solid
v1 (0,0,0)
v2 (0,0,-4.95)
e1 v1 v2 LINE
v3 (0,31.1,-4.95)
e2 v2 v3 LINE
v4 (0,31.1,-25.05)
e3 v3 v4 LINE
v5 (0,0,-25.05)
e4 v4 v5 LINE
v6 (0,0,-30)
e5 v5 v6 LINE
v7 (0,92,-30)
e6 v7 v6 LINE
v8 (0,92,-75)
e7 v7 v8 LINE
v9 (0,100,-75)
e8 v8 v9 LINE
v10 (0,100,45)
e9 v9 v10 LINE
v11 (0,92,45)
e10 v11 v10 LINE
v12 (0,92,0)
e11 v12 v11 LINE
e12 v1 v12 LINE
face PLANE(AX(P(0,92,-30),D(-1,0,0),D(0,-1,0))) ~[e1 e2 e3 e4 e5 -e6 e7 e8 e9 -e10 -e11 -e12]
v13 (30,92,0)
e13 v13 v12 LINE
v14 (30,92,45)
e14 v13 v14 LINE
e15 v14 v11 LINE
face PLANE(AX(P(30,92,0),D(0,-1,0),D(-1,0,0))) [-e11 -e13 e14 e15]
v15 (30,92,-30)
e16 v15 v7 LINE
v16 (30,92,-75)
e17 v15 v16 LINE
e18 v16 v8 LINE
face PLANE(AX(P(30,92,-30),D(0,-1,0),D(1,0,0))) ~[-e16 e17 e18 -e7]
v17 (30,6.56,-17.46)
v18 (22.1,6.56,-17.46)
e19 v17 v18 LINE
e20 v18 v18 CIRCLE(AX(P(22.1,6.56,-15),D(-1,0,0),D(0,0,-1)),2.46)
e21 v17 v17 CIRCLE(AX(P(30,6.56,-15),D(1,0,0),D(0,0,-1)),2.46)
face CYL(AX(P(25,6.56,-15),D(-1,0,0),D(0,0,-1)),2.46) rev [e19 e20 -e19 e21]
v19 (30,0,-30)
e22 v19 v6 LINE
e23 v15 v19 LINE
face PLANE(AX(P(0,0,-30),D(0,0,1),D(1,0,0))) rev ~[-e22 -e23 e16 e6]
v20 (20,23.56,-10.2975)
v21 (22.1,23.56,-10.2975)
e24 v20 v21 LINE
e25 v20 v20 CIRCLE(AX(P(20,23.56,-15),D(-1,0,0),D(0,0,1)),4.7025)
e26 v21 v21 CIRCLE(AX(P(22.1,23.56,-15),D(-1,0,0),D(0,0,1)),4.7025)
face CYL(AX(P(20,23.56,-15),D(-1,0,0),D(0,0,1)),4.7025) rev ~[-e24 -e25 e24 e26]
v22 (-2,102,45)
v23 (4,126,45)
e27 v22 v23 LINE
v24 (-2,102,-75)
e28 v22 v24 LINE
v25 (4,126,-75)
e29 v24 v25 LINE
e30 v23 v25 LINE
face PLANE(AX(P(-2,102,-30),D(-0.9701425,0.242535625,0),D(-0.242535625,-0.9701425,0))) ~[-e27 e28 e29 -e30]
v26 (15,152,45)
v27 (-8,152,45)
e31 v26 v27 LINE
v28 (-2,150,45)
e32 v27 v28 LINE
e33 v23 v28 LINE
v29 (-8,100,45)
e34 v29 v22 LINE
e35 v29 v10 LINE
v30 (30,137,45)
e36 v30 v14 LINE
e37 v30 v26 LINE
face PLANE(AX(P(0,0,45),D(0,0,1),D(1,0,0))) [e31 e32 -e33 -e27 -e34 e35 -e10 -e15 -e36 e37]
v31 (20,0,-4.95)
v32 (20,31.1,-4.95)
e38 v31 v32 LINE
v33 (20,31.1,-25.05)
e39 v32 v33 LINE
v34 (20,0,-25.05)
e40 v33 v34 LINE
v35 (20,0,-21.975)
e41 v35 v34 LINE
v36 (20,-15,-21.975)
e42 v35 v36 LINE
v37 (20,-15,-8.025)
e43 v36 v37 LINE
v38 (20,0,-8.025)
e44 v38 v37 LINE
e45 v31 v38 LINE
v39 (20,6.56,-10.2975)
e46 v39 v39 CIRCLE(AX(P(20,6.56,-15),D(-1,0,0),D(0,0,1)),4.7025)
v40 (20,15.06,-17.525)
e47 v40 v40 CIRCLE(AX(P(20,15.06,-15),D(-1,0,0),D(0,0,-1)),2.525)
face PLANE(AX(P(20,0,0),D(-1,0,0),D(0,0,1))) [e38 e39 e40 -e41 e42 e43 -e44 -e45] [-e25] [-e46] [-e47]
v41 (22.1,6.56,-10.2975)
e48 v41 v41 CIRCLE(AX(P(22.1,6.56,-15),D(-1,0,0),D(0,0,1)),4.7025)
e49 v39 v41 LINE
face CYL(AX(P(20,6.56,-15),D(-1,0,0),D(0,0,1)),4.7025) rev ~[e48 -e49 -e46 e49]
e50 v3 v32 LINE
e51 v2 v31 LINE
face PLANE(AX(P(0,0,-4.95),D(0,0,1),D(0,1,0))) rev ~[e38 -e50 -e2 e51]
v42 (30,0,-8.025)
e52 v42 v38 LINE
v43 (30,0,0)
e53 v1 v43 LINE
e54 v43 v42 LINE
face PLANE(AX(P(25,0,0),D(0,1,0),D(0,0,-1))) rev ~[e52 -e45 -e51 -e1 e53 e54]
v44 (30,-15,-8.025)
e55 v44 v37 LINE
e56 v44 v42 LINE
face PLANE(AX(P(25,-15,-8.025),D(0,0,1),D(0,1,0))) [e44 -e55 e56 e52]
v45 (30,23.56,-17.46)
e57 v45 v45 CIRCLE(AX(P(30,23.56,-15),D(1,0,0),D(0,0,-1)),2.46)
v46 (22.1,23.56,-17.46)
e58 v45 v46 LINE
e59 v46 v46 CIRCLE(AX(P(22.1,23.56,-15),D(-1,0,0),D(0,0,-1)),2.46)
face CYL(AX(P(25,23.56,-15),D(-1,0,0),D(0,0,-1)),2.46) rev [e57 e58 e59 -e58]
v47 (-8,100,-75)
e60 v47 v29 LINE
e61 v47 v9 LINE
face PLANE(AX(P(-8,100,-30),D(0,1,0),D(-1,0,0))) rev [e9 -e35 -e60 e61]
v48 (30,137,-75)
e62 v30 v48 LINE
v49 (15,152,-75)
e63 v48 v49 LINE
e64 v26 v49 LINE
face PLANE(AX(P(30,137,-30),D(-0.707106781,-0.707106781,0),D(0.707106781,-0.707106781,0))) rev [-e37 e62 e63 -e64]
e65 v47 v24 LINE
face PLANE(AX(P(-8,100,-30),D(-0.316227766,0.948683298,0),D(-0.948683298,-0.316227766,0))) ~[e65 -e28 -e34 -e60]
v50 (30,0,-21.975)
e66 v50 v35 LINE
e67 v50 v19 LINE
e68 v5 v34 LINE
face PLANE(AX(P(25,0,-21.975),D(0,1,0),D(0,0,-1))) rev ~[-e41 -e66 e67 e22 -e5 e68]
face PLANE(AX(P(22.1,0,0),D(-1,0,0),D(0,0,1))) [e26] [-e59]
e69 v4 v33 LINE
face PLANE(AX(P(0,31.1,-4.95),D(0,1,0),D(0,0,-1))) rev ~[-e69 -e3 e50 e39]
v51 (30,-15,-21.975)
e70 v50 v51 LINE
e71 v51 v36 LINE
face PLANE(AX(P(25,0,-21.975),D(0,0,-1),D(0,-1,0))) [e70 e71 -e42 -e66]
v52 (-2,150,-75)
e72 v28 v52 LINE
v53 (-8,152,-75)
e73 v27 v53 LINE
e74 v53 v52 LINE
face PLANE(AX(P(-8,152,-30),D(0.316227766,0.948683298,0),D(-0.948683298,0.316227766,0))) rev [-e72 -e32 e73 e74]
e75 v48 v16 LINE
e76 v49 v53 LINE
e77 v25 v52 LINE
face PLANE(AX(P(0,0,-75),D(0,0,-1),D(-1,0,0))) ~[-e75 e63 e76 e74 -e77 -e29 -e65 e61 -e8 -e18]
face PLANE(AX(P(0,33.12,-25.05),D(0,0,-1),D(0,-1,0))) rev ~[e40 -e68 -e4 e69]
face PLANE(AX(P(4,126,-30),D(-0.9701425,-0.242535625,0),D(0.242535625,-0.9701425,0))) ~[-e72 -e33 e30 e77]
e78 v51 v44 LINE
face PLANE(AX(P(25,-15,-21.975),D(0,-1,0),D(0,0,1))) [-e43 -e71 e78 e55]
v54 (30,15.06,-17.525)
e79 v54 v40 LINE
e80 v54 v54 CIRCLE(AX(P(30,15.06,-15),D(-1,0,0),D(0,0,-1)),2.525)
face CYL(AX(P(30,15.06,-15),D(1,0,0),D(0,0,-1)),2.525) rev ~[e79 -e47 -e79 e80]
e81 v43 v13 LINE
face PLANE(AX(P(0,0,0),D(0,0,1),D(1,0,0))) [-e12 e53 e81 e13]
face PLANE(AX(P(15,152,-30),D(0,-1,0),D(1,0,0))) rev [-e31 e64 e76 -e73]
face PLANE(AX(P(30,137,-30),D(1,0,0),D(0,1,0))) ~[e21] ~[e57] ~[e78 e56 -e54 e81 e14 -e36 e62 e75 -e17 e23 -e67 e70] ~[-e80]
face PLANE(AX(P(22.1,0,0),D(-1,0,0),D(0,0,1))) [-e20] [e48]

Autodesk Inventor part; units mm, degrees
ref_plane "YZ Plane" through (0, 0, 0) normal (1, 0, 0) x (0, 1, 0)
ref_plane "XZ Plane" through (0, 0, 0) normal (0, 1, 0) x (-1, 0, 0)
sketch "Sketch1" plane through (0, 0, 0) normal (0, 0, 1) x (1, 0, 0)
  line L0 (0, 0) -> (25, 0)
  line L1 (25, 0) -> (25, 40)
  line L2 (25, 40) -> (0, 40)
  line L3 (0, 40) -> (0, 0)
  dimension "d1" = 25
  dimension "d2" = 40
  dimension "d3" = 25
extrude "Extrusion1" add sketch "Sketch1" against normal blind 30
sketch "Sketch2" plane through (25, 0, 0) normal (1, 0, 0) x (0, 0, -1)
  line L0 (0, 0) -> (30, 0) projected
  circle A0 centre (15, 6.56) radius 2.46
extrude "Extrusion2" cut sketch "Sketch2" against normal blind 30
sketch "Sketch3" plane through (0, 0, 0) normal (-1, 0, 0) x (0, 0, 1)
  line L0 (0, 0) -> (-30, 0) projected
  line L1 (-25.05, 0) -> (-4.95, 0)
  line L2 (-4.95, 0) -> (-4.95, 33.12)
  line L3 (-4.95, 33.12) -> (-25.05, 33.12)
  line L4 (-25.05, 33.12) -> (-25.05, 0)
  dimension "d11" = 20.1
extrude "Extrusion3" cut sketch "Sketch3" against normal blind 20
sketch "Sketch4" plane through (0, 0, 0) normal (0, -1, 0) x (1, 0, 0)
  line L0 (20, -4.95) -> (20, -25.05) projected
  line L1 (20, -15) -> (25, -15)
  line L2 (25, 0) -> (25, -30) projected
  line L3 (20, -8.025) -> (25, -8.025)
  line L4 (25, -8.025) -> (25, -21.975)
  line L5 (25, -21.975) -> (20, -21.975)
  line L6 (20, -21.975) -> (20, -8.025)
  line L7 (20, -8.025) -> (25, -21.975) construction
  line L8 (25, -8.025) -> (20, -21.975) construction
  line L9 (25, -12.54) -> (25, -17.46) projected
  point P0 (0, 0)
  point P1 (22.5, -15)
  dimension "d14" = 13.95
extrude "Extrusion4" add sketch "Sketch4" along normal blind 15
sketch "Sketch5" plane through (20, 0, 0) normal (-1, 0, 0) x (0, 0, 1)
  circle A0 centre (-15, 6.56) radius 2.46 projected
  circle A1 centre (-15, 6.56) radius 4.7025
  circle A2 centre (-15, 6.56) radius 2.46 projected
  circle A3 centre (-15, 6.56) radius 2.46
  point P0 (0, 0)
  dimension "d17" = 9.405
extrude "Extrusion5" cut sketch "Sketch5" against normal blind 2.1
sketch "Sketch6" plane through (25, 0, 0) normal (1, 0, 0) x (0, 0, -1)
  circle A0 centre (15, 6.56) radius 4.7025 projected
  line L0 (15, 6.56) -> (15, 23.56)
  circle A1 centre (15, 23.56) radius 2.46
  point P0 (0, 0)
  dimension "d20" = 17
  dimension "d21" = 4.92
extrude "Extrusion6" cut sketch "Sketch6" against normal blind 10 contours A1
sketch "Sketch7" plane through (20, 0, 0) normal (-1, 0, 0) x (0, 0, 1)
  circle A0 centre (-15, 23.56) radius 2.46 projected
  circle A1 centre (-15, 23.56) radius 4.7025
  point P0 (0, 0)
  dimension "d24" = 9.405
extrude "Extrusion7" cut sketch "Sketch7" against normal blind 2.1
sketch "Sketch9" plane through (25, 0, 0) normal (1, 0, 0) x (0, 0, -1)
  circle A0 centre (15, 6.56) radius 2.46 projected
  circle A1 centre (15, 6.56) radius 2.46
  circle A2 centre (15, 23.56) radius 2.46 projected
  circle A3 centre (15, 23.56) radius 2.46
  line L0 (30, 40) -> (30, 0) projected
  line L1 (30, 0) -> (30, 40)
  line L2 (30, 40) -> (0, 40)
  line L3 (0, 40) -> (0, 0)
  line L4 (0, 0) -> (8.025, 0) projected
  line L5 (21.975, 0) -> (21.975, -15)
  line L6 (21.975, -15) -> (8.025, -15)
  line L7 (8.025, -15) -> (8.025, 0)
  line L8 (0, 0) -> (8.025, 0)
  line L9 (21.975, 0) -> (30, 0)
extrude "Extrusion8" add sketch "Sketch9" along normal blind 5
sketch "Sketch10" plane through (0, 40, 0) normal (0, 1, 0) x (1, 0, 0)
  line L0 (0, 30) -> (30, 30) projected
  line L1 (30, 0) -> (0, 0) projected
  line L2 (0, 30) -> (30, 30)
  line L3 (30, 30) -> (30, 0)
  line L4 (30, 0) -> (0, 0)
  line L5 (0, 0) -> (0, 30)
extrude "Extrusion9" add sketch "Sketch10" along normal blind 30
sketch "Sketch12" plane through (30, 0, 0) normal (1, 0, 0) x (0, 0, -1)
  circle A0 centre (15, 6.56) radius 2.46 projected
  line L0 (15, 6.56) -> (15, 15.06)
  circle A1 centre (15, 15.06) radius 2.525
  point P0 (0, 0)
  dimension "d31" = 8.5
  dimension "d33" = 5.05
extrude "Extrusion10" cut sketch "Sketch12" against normal blind 30 contours A1
sketch "Sketch14" plane through (0, 0, 0) normal (0, 0, 1) x (1, 0, 0)
  line L0 (30, 70) -> (0, 70) projected
  line L1 (0, 100) -> (-8, 100)
  line L2 (30, 0) -> (30, 70) projected
  line L3 (30, 118) -> (30, 70)
  line L4 (30, 105) -> (30, 100)
  line L5 (0, 70) -> (30, 70) projected
  line L6 (0, 70) -> (0, 100)
  line L7 (30, 122.5) -> (30, 118)
  line L8 (-2, 150) -> (-8, 152)
  line L9 (-2, 102) -> (-8, 100)
  line L10 (-2, 102) -> (4, 126)
  line L11 (4, 126) -> (-2, 150)
  line L12 (-8, 152) -> (15, 152)
  line L13 (30, 137) -> (15, 152)
  line L14 (30, 122.5) -> (30, 137)
  point P0 (0, 0)
  dimension "d47" = 30
extrude "Extrusion12" add sketch "Sketch14" against normal blind 30
sketch "Sketch15" plane through (0, 0, -25.05) normal (-1, 0, 0) x (0, 0, 1)
  line L0 (0, 33.12) -> (20.1, 33.12) projected
  line L1 (20.1, 33.12) -> (20.1, 0) projected
  line L2 (0, 33.12) -> (20.1, 33.12)
  line L3 (20.1, 33.12) -> (20.1, 31.1)
  line L4 (20.1, 31.1) -> (0, 31.1)
  line L5 (0, 31.1) -> (0, 33.12)
  point P0 (25.05, 0)
  dimension "d57" = 2.02
extrude "Extrusion13" add sketch "Sketch15" against normal blind 20
sketch "Sketch25" plane through (0, 0, 0) normal (0, 0, 1) x (1, 0, 0)
  point P0 (0, 0)
sketch "Sketch26" plane through (0, 0, 0) normal (0, 0, 1) x (1, 0, 0)
  line L0 (-8, 100) -> (0, 100) projected
  line L1 (0, 100) -> (-8, 100)
  line L2 (-8, 100) -> (-2, 102) projected
  line L3 (-8, 100) -> (-2, 102)
  line L4 (-2, 102) -> (4, 126) projected
  line L5 (-2, 102) -> (4, 126)
  line L6 (4, 126) -> (-2, 150) projected
  line L7 (4, 126) -> (-2, 150)
  line L8 (-8, 152) -> (-2, 150) projected
  line L9 (-2, 150) -> (-8, 152)
  line L10 (15, 152) -> (-8, 152) projected
  line L11 (-8, 152) -> (15, 152)
  line L12 (30, 137) -> (15, 152) projected
  line L13 (15, 152) -> (30, 137)
  line L14 (30, 137) -> (30, 92)
  line L15 (30, 0) -> (30, 137) projected
  line L16 (30, 92) -> (0, 92)
  line L17 (0, 0) -> (0, 100) projected
  line L18 (0, 100) -> (0, 92)
  dimension "d93" = 45
extrude "Extrusion14" add sketch "Sketch26" along normal blind 45
ref_plane "Work Plane1" through (0, 0, -15) normal (0, 0, 1) x (1, 0, 0)
mirror "Mirror1" about plane through (0, 0, -15) normal (0, 0, 1) of "Extrusion14"
properties part number "48mm_x_120mm"
